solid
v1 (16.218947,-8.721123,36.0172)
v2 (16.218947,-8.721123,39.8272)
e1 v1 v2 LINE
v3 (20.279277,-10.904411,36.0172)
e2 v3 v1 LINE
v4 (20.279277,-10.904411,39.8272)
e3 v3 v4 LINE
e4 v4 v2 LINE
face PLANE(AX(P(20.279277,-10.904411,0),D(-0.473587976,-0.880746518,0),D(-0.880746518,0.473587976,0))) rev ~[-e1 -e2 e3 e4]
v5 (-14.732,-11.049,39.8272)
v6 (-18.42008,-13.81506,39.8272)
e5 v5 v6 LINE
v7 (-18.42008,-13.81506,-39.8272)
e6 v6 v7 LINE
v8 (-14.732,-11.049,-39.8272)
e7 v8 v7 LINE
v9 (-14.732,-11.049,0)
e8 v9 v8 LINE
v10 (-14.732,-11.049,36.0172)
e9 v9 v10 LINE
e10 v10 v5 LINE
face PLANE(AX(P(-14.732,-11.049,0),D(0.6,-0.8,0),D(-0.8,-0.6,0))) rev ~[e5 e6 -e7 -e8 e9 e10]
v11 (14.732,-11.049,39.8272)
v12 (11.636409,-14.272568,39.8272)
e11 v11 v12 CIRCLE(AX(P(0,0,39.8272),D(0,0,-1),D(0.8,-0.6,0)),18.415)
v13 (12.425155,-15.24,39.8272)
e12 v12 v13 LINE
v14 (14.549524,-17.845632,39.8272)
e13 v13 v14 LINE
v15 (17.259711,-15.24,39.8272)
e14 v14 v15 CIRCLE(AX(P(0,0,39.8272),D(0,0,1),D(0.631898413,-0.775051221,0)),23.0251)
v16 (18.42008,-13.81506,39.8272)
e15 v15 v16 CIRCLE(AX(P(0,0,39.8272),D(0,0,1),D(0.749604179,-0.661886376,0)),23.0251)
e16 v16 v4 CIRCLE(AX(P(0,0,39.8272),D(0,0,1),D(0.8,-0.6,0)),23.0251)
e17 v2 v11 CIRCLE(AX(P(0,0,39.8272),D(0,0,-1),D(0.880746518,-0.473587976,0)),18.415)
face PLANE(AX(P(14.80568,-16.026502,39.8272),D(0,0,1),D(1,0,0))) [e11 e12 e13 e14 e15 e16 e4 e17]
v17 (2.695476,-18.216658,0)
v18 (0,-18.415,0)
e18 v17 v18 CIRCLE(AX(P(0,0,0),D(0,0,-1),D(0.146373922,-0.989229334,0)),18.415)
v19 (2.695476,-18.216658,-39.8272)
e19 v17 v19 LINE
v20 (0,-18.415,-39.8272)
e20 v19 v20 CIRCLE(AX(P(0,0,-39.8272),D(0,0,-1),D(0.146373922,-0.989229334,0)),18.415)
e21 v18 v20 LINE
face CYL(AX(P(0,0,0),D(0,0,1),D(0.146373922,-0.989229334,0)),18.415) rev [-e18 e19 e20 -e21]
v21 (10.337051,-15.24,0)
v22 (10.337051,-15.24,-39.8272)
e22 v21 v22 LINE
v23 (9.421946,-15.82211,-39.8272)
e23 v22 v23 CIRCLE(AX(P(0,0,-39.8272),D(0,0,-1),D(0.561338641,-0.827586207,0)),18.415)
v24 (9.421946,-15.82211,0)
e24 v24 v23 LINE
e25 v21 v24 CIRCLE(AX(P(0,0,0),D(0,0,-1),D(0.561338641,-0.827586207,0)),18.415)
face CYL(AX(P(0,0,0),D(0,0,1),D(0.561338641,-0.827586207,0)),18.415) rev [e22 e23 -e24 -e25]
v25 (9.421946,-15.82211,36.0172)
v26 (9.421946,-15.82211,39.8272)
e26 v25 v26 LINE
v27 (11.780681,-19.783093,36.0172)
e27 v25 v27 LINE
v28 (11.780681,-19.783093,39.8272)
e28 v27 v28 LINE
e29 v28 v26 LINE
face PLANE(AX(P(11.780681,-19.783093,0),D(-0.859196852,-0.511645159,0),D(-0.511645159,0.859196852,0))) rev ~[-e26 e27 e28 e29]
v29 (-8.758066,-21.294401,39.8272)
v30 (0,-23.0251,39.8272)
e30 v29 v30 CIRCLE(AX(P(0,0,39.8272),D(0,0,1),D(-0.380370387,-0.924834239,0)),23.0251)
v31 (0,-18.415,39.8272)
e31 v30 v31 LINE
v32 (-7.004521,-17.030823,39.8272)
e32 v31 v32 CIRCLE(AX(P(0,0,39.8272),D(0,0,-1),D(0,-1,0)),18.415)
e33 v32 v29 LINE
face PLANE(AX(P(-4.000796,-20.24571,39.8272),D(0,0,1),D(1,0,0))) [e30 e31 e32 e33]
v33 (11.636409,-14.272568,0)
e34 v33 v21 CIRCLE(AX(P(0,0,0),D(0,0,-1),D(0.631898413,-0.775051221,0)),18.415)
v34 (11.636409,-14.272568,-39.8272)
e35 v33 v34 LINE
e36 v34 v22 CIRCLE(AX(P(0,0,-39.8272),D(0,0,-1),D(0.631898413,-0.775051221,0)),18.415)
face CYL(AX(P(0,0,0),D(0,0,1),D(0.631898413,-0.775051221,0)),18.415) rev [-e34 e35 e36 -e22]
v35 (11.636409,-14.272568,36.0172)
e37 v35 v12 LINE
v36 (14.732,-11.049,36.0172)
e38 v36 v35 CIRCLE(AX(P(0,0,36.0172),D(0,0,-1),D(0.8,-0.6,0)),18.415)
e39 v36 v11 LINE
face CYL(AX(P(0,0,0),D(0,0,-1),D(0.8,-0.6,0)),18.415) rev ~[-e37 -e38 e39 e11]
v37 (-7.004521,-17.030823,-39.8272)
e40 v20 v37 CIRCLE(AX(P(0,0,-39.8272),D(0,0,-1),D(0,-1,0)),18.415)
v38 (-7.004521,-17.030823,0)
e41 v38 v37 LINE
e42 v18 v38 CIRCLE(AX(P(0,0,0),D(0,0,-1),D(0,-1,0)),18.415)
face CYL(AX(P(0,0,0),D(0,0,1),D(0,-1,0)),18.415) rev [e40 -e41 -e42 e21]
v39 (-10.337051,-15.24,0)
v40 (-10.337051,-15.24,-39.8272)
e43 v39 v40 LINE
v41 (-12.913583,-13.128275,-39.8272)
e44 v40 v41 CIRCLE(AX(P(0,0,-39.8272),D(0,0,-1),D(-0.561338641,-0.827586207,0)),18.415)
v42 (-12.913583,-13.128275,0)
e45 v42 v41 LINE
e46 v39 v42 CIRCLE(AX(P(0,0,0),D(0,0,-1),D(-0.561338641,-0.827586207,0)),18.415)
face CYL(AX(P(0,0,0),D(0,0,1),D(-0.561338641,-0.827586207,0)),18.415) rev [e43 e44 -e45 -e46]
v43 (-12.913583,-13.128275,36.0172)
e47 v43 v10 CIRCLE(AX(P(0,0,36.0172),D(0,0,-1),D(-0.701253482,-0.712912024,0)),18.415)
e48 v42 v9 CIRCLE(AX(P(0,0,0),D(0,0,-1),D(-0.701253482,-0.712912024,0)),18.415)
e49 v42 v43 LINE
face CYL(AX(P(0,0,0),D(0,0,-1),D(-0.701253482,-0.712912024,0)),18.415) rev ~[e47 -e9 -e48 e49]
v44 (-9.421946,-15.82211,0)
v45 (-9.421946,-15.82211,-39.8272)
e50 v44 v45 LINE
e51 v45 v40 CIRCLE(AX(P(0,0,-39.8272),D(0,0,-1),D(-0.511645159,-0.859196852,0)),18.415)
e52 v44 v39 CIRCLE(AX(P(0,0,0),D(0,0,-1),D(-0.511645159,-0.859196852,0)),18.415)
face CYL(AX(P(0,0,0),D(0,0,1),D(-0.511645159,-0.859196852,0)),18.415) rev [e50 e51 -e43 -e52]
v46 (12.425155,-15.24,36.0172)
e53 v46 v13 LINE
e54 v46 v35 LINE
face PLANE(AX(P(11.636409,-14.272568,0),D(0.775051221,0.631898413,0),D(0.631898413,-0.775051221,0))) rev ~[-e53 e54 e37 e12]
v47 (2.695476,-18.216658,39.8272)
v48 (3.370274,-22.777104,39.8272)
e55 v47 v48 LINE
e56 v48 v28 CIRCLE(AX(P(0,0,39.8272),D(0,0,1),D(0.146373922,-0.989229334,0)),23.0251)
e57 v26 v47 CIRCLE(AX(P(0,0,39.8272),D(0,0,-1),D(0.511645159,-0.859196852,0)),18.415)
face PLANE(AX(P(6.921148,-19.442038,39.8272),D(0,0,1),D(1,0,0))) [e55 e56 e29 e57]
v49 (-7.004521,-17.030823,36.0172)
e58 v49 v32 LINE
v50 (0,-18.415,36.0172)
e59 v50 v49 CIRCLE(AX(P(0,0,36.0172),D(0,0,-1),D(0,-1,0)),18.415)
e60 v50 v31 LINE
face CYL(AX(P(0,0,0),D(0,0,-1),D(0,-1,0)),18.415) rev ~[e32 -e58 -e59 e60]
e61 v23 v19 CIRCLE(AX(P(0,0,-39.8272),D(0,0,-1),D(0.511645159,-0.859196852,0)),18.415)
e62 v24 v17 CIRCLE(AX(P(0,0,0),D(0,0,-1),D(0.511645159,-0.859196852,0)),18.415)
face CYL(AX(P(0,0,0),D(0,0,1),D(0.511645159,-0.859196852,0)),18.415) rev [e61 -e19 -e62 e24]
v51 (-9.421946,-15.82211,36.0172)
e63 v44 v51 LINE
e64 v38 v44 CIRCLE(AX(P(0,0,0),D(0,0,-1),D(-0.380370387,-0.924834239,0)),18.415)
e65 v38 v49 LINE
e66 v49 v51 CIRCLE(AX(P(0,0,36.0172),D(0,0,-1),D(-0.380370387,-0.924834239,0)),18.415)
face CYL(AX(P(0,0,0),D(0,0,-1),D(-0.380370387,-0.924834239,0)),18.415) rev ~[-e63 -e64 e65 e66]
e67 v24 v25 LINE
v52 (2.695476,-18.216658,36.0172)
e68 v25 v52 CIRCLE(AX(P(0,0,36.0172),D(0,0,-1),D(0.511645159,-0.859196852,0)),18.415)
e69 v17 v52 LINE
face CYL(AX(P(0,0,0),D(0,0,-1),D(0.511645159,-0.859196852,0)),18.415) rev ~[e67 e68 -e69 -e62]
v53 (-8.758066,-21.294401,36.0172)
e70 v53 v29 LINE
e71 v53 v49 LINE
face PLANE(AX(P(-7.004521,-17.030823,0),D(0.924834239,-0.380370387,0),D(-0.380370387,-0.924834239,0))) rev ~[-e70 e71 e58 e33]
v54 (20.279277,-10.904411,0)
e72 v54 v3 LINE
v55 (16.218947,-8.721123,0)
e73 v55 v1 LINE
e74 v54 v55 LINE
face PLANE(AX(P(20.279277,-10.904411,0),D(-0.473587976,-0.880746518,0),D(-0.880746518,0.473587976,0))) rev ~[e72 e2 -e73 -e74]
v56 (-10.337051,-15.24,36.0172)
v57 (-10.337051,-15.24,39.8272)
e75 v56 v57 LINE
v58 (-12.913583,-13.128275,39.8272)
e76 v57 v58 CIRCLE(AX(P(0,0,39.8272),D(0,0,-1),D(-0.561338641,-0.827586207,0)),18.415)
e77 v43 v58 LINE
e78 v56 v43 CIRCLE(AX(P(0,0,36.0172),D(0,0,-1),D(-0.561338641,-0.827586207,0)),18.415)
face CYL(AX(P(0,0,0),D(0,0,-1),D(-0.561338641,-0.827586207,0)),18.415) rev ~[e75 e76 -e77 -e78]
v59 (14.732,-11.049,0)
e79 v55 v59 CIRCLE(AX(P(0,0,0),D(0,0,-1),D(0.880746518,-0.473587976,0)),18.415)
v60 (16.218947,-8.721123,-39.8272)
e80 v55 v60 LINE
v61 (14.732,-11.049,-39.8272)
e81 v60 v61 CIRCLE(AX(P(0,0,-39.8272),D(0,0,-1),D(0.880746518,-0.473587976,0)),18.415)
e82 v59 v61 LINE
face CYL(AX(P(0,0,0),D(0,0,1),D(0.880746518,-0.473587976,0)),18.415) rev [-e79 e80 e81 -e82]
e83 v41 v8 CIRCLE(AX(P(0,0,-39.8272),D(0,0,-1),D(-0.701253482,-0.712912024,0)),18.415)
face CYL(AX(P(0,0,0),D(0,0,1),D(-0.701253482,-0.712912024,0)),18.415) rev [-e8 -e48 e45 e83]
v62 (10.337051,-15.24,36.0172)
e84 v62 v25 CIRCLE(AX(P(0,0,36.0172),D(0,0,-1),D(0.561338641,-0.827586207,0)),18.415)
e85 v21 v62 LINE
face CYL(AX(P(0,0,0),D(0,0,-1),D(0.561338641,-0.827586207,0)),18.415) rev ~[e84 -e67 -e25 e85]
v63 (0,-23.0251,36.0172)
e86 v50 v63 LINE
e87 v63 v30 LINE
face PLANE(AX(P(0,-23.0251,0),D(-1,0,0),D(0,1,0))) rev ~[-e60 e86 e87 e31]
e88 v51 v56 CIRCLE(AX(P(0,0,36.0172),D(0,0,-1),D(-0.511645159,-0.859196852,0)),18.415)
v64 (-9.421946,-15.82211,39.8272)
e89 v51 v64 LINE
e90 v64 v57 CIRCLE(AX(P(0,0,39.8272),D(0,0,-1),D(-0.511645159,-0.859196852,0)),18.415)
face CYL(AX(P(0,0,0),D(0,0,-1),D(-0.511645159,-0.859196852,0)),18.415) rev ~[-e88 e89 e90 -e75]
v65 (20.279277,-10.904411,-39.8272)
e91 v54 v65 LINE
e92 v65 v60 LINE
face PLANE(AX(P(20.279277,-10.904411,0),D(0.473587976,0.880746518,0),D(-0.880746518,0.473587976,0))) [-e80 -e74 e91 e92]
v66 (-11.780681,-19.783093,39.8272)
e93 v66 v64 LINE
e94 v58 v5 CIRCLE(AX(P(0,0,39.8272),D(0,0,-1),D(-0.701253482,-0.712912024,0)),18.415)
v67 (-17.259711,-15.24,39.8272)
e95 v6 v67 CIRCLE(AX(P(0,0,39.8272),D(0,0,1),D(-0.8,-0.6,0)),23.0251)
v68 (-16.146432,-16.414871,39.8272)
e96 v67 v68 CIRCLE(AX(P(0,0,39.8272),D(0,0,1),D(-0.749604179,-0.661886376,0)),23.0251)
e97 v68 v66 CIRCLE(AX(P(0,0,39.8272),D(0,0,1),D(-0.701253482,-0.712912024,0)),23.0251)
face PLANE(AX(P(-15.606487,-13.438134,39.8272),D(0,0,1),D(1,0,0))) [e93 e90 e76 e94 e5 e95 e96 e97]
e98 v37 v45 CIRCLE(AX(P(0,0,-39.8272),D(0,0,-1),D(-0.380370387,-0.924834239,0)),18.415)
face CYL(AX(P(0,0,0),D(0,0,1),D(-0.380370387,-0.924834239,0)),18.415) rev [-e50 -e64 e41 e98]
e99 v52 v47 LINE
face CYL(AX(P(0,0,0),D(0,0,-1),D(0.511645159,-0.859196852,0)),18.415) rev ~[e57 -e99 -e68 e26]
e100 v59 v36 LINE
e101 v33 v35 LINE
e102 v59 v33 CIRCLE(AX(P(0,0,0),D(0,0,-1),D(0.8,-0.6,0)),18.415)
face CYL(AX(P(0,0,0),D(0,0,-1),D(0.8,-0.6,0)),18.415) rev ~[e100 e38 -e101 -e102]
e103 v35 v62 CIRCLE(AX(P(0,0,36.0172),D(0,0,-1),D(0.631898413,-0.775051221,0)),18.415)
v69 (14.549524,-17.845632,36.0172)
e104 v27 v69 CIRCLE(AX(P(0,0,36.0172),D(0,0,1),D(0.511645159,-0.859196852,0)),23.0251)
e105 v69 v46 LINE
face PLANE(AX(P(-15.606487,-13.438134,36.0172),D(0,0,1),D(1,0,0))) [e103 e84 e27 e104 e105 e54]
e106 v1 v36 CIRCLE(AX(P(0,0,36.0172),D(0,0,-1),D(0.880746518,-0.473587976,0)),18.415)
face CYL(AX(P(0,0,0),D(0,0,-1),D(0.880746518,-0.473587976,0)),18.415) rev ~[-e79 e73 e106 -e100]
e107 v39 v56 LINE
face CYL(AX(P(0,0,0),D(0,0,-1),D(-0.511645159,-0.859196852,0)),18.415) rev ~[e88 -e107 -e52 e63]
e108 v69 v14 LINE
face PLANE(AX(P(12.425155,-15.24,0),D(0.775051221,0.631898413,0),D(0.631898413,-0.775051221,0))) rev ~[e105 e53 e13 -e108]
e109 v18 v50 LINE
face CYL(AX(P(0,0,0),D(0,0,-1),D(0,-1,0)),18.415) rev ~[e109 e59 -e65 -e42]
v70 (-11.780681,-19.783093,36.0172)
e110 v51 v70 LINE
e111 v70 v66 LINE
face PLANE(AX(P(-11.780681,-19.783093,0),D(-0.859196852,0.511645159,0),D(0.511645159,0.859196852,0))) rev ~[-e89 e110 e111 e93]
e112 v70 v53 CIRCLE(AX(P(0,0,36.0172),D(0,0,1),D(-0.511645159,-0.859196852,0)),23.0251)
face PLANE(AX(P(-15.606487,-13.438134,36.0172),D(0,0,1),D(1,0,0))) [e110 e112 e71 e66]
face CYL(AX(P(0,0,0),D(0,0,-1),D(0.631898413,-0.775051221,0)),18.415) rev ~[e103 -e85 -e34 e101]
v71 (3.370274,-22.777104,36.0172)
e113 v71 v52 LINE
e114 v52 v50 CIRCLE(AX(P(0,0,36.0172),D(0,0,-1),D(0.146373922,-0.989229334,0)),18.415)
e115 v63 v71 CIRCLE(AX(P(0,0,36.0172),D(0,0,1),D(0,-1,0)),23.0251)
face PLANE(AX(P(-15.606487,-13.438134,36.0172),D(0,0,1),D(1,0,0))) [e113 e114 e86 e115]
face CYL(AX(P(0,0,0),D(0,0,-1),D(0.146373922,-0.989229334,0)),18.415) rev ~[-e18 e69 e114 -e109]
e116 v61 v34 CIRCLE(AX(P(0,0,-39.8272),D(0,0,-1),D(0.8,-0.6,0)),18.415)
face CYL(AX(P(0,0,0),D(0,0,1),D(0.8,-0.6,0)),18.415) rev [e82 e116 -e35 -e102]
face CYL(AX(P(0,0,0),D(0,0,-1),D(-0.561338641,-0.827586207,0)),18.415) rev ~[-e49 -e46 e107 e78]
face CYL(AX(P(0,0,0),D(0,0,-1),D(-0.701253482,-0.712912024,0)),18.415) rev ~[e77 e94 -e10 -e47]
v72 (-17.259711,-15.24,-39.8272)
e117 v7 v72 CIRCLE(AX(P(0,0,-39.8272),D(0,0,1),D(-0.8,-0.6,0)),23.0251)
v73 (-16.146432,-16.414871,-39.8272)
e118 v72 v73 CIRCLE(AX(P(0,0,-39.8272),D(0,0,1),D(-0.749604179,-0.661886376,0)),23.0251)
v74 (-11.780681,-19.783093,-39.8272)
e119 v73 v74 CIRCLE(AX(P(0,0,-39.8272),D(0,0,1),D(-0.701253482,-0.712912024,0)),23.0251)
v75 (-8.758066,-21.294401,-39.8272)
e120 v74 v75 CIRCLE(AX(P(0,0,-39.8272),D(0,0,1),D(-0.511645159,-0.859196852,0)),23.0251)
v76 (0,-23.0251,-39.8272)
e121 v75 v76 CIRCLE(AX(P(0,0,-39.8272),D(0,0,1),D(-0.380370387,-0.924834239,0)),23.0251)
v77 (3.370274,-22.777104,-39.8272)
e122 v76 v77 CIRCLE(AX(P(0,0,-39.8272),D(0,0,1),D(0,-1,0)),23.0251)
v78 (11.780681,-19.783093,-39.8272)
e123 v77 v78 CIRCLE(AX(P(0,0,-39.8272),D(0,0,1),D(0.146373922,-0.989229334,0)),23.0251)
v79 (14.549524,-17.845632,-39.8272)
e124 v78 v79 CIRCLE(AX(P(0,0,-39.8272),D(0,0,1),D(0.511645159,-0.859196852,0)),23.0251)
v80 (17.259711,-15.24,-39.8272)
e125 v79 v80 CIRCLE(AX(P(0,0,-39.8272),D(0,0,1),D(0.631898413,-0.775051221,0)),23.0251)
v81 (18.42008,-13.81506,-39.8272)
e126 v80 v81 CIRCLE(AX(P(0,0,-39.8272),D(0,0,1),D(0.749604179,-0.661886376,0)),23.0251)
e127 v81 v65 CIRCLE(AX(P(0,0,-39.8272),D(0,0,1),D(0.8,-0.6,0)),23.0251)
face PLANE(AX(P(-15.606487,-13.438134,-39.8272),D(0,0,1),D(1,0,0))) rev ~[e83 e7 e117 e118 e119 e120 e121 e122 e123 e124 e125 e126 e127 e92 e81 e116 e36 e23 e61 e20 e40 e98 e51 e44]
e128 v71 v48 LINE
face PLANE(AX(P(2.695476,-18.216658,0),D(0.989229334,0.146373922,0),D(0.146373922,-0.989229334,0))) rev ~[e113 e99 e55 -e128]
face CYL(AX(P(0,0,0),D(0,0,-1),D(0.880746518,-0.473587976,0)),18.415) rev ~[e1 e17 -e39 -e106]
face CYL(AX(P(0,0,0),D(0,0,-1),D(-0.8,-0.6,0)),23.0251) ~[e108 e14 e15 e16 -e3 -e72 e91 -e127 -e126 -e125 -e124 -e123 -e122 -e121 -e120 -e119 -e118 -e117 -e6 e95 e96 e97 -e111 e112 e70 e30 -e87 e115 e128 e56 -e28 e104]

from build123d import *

# Parameters (mm, degrees)
F1_DEPTH      = 36.0172
F1_DEPTH_BACK = 39.8272
F2_DEPTH      = 39.8272


with BuildPart() as f1:
    # F0 (on Top) → F1 (new body, two sides)
    with BuildSketch(Plane.XY) as f1_sk:
        with BuildLine():
            ThreePointArc((-18.42008, -13.81506), (-17.8541168406, -14.5391107655), (-17.2597111798, -15.24))
            Line((-17.2597111798, -15.24), (-14.990774043, -15.24))
            Line((-14.990774043, -15.24), (-12.9135828703, -13.1282749229))
            ThreePointArc((-12.9135828703, -13.1282749229), (-13.8618328193, -12.1227808645), (-14.732, -11.049))
            Line((-14.732, -11.049), (-18.42008, -13.81506))
        make_face()
        with BuildLine():
            Line((-14.990774043, -15.24), (-17.2597111798, -15.24))
            ThreePointArc((-17.2597111798, -15.24), (-16.7133980159, -15.8372206139), (-16.1464315475, -16.414870645))
            Line((-16.1464315475, -16.414870645), (-14.990774043, -15.24))
        make_face()
        with BuildLine():
            Line((-12.9135828703, -13.1282749229), (-14.990774043, -15.24))
            Line((-14.990774043, -15.24), (-10.3370510785, -15.24))
            ThreePointArc((-10.3370510785, -15.24), (-11.6731675417, -14.2425203017), (-12.9135828703, -13.1282749229))
        make_face()
        with BuildLine():
            Line((-14.990774043, -15.24), (-16.1464315475, -16.414870645))
            ThreePointArc((-16.1464315475, -16.414870645), (-14.0647479304, -18.2301425026), (-11.7806809516, -19.7830934468))
            Line((-11.7806809516, -19.7830934468), (-9.4219456039, -15.8221100375))
            ThreePointArc((-9.4219456039, -15.8221100375), (-9.8837847254, -15.5377934245), (-10.3370510785, -15.24))
            Line((-10.3370510785, -15.24), (-14.990774043, -15.24))
        make_face()
        with BuildLine():
            Line((10.3370510785, -15.24), (12.4251553358, -15.24))
            Line((12.4251553358, -15.24), (11.6364092782, -14.2725682381))
            ThreePointArc((11.6364092782, -14.2725682381), (10.9973733712, -14.770578998), (10.3370510785, -15.24))
        make_face()
        with BuildLine():
            ThreePointArc((18.42008, -13.81506), (19.4043299655, -12.3946443515), (20.2792766507, -10.9044105083))
            Line((20.2792766507, -10.9044105083), (16.2189471283, -8.7211225797))
            ThreePointArc((16.2189471283, -8.7211225797), (15.5191828185, -9.9129808658), (14.732, -11.049))
            Line((14.732, -11.049), (18.42008, -13.81506))
        make_face()
        with BuildLine():
            Line((12.4251553358, -15.24), (17.2597111798, -15.24))
            ThreePointArc((17.2597111798, -15.24), (17.8541168406, -14.5391107655), (18.42008, -13.81506))
            Line((18.42008, -13.81506), (14.732, -11.049))
            ThreePointArc((14.732, -11.049), (13.2823604834, -12.7550431198), (11.6364092782, -14.2725682381))
            Line((11.6364092782, -14.2725682381), (12.4251553358, -15.24))
        make_face()
        with BuildLine():
            ThreePointArc((14.5495241526, -17.8456318729), (15.9578880956, -16.5982239272), (17.2597111798, -15.24))
            Line((17.2597111798, -15.24), (12.4251553358, -15.24))
            Line((12.4251553358, -15.24), (14.5495241526, -17.8456318729))
        make_face()
        with BuildLine():
            ThreePointArc((11.7806809516, -19.7830934468), (13.2006956084, -18.8652290064), (14.5495241526, -17.8456318729))
            Line((14.5495241526, -17.8456318729), (12.4251553358, -15.24))
            Line((12.4251553358, -15.24), (10.3370510785, -15.24))
            ThreePointArc((10.3370510785, -15.24), (9.8837847254, -15.5377934245), (9.4219456039, -15.8221100375))
            Line((9.4219456039, -15.8221100375), (11.7806809516, -19.7830934468))
        make_face()
        with BuildLine():
            ThreePointArc((3.3702741984, -22.7771043339), (7.7219742156, -21.6916192163), (11.7806809516, -19.7830934468))
            Line((11.7806809516, -19.7830934468), (9.4219456039, -15.8221100375))
            ThreePointArc((9.4219456039, -15.8221100375), (6.1758756827, -17.3485095773), (2.6954757792, -18.2166581821))
            Line((2.6954757792, -18.2166581821), (3.3702741984, -22.7771043339))
        make_face()
        with BuildLine():
            Line((-9.4219456039, -15.8221100375), (-11.7806809516, -19.7830934468))
            ThreePointArc((-11.7806809516, -19.7830934468), (-10.2971377577, -20.5942755155), (-8.7580661865, -21.2944008294))
            Line((-8.7580661865, -21.2944008294), (-7.0045206677, -17.0308225056))
            ThreePointArc((-7.0045206677, -17.0308225056), (-8.2354383611, -16.4708767223), (-9.4219456039, -15.8221100375))
        make_face()
        with BuildLine():
            Line((-7.0045206677, -17.0308225056), (-8.7580661865, -21.2944008294))
            ThreePointArc((-8.7580661865, -21.2944008294), (-4.4637160233, -22.5882816804), (0, -23.0251))
            Line((0, -23.0251), (0, -18.415))
            ThreePointArc((0, -18.415), (-3.5699879944, -18.065641719), (-7.0045206677, -17.0308225056))
        make_face()
        with BuildLine():
            ThreePointArc((0, -23.0251), (1.6896930211, -22.9630173868), (3.3702741984, -22.7771043339))
            Line((3.3702741984, -22.7771043339), (2.6954757792, -18.2166581821))
            ThreePointArc((2.6954757792, -18.2166581821), (1.351381622, -18.3653476066), (0, -18.415))
            Line((0, -18.415), (0, -23.0251))
        make_face()
    extrude(amount=F1_DEPTH)
    extrude(f1_sk.sketch, amount=-F1_DEPTH_BACK)

    # F0 (on Top) → F2 (join)
    with BuildSketch(Plane.XY):
        with BuildLine():
            ThreePointArc((-18.42008, -13.81506), (-17.8541168406, -14.5391107655), (-17.2597111798, -15.24))
            Line((-17.2597111798, -15.24), (-14.990774043, -15.24))
            Line((-14.990774043, -15.24), (-12.9135828703, -13.1282749229))
            ThreePointArc((-12.9135828703, -13.1282749229), (-13.8618328193, -12.1227808645), (-14.732, -11.049))
            Line((-14.732, -11.049), (-18.42008, -13.81506))
        make_face()
        with BuildLine():
            Line((-14.990774043, -15.24), (-17.2597111798, -15.24))
            ThreePointArc((-17.2597111798, -15.24), (-16.7133980159, -15.8372206139), (-16.1464315475, -16.414870645))
            Line((-16.1464315475, -16.414870645), (-14.990774043, -15.24))
        make_face()
        with BuildLine():
            Line((-12.9135828703, -13.1282749229), (-14.990774043, -15.24))
            Line((-14.990774043, -15.24), (-10.3370510785, -15.24))
            ThreePointArc((-10.3370510785, -15.24), (-11.6731675417, -14.2425203017), (-12.9135828703, -13.1282749229))
        make_face()
        with BuildLine():
            Line((-14.990774043, -15.24), (-16.1464315475, -16.414870645))
            ThreePointArc((-16.1464315475, -16.414870645), (-14.0647479304, -18.2301425026), (-11.7806809516, -19.7830934468))
            Line((-11.7806809516, -19.7830934468), (-9.4219456039, -15.8221100375))
            ThreePointArc((-9.4219456039, -15.8221100375), (-9.8837847254, -15.5377934245), (-10.3370510785, -15.24))
            Line((-10.3370510785, -15.24), (-14.990774043, -15.24))
        make_face()
        with BuildLine():
            Line((-7.0045206677, -17.0308225056), (-8.7580661865, -21.2944008294))
            ThreePointArc((-8.7580661865, -21.2944008294), (-4.4637160233, -22.5882816804), (0, -23.0251))
            Line((0, -23.0251), (0, -18.415))
            ThreePointArc((0, -18.415), (-3.5699879944, -18.065641719), (-7.0045206677, -17.0308225056))
        make_face()
        with BuildLine():
            ThreePointArc((3.3702741984, -22.7771043339), (7.7219742156, -21.6916192163), (11.7806809516, -19.7830934468))
            Line((11.7806809516, -19.7830934468), (9.4219456039, -15.8221100375))
            ThreePointArc((9.4219456039, -15.8221100375), (6.1758756827, -17.3485095773), (2.6954757792, -18.2166581821))
            Line((2.6954757792, -18.2166581821), (3.3702741984, -22.7771043339))
        make_face()
        with BuildLine():
            ThreePointArc((14.5495241526, -17.8456318729), (15.9578880956, -16.5982239272), (17.2597111798, -15.24))
            Line((17.2597111798, -15.24), (12.4251553358, -15.24))
            Line((12.4251553358, -15.24), (14.5495241526, -17.8456318729))
        make_face()
        with BuildLine():
            Line((12.4251553358, -15.24), (17.2597111798, -15.24))
            ThreePointArc((17.2597111798, -15.24), (17.8541168406, -14.5391107655), (18.42008, -13.81506))
            Line((18.42008, -13.81506), (14.732, -11.049))
            ThreePointArc((14.732, -11.049), (13.2823604834, -12.7550431198), (11.6364092782, -14.2725682381))
            Line((11.6364092782, -14.2725682381), (12.4251553358, -15.24))
        make_face()
        with BuildLine():
            ThreePointArc((18.42008, -13.81506), (19.4043299655, -12.3946443515), (20.2792766507, -10.9044105083))
            Line((20.2792766507, -10.9044105083), (16.2189471283, -8.7211225797))
            ThreePointArc((16.2189471283, -8.7211225797), (15.5191828185, -9.9129808658), (14.732, -11.049))
            Line((14.732, -11.049), (18.42008, -13.81506))
        make_face()
    extrude(amount=F2_DEPTH)


solid = f1.part
